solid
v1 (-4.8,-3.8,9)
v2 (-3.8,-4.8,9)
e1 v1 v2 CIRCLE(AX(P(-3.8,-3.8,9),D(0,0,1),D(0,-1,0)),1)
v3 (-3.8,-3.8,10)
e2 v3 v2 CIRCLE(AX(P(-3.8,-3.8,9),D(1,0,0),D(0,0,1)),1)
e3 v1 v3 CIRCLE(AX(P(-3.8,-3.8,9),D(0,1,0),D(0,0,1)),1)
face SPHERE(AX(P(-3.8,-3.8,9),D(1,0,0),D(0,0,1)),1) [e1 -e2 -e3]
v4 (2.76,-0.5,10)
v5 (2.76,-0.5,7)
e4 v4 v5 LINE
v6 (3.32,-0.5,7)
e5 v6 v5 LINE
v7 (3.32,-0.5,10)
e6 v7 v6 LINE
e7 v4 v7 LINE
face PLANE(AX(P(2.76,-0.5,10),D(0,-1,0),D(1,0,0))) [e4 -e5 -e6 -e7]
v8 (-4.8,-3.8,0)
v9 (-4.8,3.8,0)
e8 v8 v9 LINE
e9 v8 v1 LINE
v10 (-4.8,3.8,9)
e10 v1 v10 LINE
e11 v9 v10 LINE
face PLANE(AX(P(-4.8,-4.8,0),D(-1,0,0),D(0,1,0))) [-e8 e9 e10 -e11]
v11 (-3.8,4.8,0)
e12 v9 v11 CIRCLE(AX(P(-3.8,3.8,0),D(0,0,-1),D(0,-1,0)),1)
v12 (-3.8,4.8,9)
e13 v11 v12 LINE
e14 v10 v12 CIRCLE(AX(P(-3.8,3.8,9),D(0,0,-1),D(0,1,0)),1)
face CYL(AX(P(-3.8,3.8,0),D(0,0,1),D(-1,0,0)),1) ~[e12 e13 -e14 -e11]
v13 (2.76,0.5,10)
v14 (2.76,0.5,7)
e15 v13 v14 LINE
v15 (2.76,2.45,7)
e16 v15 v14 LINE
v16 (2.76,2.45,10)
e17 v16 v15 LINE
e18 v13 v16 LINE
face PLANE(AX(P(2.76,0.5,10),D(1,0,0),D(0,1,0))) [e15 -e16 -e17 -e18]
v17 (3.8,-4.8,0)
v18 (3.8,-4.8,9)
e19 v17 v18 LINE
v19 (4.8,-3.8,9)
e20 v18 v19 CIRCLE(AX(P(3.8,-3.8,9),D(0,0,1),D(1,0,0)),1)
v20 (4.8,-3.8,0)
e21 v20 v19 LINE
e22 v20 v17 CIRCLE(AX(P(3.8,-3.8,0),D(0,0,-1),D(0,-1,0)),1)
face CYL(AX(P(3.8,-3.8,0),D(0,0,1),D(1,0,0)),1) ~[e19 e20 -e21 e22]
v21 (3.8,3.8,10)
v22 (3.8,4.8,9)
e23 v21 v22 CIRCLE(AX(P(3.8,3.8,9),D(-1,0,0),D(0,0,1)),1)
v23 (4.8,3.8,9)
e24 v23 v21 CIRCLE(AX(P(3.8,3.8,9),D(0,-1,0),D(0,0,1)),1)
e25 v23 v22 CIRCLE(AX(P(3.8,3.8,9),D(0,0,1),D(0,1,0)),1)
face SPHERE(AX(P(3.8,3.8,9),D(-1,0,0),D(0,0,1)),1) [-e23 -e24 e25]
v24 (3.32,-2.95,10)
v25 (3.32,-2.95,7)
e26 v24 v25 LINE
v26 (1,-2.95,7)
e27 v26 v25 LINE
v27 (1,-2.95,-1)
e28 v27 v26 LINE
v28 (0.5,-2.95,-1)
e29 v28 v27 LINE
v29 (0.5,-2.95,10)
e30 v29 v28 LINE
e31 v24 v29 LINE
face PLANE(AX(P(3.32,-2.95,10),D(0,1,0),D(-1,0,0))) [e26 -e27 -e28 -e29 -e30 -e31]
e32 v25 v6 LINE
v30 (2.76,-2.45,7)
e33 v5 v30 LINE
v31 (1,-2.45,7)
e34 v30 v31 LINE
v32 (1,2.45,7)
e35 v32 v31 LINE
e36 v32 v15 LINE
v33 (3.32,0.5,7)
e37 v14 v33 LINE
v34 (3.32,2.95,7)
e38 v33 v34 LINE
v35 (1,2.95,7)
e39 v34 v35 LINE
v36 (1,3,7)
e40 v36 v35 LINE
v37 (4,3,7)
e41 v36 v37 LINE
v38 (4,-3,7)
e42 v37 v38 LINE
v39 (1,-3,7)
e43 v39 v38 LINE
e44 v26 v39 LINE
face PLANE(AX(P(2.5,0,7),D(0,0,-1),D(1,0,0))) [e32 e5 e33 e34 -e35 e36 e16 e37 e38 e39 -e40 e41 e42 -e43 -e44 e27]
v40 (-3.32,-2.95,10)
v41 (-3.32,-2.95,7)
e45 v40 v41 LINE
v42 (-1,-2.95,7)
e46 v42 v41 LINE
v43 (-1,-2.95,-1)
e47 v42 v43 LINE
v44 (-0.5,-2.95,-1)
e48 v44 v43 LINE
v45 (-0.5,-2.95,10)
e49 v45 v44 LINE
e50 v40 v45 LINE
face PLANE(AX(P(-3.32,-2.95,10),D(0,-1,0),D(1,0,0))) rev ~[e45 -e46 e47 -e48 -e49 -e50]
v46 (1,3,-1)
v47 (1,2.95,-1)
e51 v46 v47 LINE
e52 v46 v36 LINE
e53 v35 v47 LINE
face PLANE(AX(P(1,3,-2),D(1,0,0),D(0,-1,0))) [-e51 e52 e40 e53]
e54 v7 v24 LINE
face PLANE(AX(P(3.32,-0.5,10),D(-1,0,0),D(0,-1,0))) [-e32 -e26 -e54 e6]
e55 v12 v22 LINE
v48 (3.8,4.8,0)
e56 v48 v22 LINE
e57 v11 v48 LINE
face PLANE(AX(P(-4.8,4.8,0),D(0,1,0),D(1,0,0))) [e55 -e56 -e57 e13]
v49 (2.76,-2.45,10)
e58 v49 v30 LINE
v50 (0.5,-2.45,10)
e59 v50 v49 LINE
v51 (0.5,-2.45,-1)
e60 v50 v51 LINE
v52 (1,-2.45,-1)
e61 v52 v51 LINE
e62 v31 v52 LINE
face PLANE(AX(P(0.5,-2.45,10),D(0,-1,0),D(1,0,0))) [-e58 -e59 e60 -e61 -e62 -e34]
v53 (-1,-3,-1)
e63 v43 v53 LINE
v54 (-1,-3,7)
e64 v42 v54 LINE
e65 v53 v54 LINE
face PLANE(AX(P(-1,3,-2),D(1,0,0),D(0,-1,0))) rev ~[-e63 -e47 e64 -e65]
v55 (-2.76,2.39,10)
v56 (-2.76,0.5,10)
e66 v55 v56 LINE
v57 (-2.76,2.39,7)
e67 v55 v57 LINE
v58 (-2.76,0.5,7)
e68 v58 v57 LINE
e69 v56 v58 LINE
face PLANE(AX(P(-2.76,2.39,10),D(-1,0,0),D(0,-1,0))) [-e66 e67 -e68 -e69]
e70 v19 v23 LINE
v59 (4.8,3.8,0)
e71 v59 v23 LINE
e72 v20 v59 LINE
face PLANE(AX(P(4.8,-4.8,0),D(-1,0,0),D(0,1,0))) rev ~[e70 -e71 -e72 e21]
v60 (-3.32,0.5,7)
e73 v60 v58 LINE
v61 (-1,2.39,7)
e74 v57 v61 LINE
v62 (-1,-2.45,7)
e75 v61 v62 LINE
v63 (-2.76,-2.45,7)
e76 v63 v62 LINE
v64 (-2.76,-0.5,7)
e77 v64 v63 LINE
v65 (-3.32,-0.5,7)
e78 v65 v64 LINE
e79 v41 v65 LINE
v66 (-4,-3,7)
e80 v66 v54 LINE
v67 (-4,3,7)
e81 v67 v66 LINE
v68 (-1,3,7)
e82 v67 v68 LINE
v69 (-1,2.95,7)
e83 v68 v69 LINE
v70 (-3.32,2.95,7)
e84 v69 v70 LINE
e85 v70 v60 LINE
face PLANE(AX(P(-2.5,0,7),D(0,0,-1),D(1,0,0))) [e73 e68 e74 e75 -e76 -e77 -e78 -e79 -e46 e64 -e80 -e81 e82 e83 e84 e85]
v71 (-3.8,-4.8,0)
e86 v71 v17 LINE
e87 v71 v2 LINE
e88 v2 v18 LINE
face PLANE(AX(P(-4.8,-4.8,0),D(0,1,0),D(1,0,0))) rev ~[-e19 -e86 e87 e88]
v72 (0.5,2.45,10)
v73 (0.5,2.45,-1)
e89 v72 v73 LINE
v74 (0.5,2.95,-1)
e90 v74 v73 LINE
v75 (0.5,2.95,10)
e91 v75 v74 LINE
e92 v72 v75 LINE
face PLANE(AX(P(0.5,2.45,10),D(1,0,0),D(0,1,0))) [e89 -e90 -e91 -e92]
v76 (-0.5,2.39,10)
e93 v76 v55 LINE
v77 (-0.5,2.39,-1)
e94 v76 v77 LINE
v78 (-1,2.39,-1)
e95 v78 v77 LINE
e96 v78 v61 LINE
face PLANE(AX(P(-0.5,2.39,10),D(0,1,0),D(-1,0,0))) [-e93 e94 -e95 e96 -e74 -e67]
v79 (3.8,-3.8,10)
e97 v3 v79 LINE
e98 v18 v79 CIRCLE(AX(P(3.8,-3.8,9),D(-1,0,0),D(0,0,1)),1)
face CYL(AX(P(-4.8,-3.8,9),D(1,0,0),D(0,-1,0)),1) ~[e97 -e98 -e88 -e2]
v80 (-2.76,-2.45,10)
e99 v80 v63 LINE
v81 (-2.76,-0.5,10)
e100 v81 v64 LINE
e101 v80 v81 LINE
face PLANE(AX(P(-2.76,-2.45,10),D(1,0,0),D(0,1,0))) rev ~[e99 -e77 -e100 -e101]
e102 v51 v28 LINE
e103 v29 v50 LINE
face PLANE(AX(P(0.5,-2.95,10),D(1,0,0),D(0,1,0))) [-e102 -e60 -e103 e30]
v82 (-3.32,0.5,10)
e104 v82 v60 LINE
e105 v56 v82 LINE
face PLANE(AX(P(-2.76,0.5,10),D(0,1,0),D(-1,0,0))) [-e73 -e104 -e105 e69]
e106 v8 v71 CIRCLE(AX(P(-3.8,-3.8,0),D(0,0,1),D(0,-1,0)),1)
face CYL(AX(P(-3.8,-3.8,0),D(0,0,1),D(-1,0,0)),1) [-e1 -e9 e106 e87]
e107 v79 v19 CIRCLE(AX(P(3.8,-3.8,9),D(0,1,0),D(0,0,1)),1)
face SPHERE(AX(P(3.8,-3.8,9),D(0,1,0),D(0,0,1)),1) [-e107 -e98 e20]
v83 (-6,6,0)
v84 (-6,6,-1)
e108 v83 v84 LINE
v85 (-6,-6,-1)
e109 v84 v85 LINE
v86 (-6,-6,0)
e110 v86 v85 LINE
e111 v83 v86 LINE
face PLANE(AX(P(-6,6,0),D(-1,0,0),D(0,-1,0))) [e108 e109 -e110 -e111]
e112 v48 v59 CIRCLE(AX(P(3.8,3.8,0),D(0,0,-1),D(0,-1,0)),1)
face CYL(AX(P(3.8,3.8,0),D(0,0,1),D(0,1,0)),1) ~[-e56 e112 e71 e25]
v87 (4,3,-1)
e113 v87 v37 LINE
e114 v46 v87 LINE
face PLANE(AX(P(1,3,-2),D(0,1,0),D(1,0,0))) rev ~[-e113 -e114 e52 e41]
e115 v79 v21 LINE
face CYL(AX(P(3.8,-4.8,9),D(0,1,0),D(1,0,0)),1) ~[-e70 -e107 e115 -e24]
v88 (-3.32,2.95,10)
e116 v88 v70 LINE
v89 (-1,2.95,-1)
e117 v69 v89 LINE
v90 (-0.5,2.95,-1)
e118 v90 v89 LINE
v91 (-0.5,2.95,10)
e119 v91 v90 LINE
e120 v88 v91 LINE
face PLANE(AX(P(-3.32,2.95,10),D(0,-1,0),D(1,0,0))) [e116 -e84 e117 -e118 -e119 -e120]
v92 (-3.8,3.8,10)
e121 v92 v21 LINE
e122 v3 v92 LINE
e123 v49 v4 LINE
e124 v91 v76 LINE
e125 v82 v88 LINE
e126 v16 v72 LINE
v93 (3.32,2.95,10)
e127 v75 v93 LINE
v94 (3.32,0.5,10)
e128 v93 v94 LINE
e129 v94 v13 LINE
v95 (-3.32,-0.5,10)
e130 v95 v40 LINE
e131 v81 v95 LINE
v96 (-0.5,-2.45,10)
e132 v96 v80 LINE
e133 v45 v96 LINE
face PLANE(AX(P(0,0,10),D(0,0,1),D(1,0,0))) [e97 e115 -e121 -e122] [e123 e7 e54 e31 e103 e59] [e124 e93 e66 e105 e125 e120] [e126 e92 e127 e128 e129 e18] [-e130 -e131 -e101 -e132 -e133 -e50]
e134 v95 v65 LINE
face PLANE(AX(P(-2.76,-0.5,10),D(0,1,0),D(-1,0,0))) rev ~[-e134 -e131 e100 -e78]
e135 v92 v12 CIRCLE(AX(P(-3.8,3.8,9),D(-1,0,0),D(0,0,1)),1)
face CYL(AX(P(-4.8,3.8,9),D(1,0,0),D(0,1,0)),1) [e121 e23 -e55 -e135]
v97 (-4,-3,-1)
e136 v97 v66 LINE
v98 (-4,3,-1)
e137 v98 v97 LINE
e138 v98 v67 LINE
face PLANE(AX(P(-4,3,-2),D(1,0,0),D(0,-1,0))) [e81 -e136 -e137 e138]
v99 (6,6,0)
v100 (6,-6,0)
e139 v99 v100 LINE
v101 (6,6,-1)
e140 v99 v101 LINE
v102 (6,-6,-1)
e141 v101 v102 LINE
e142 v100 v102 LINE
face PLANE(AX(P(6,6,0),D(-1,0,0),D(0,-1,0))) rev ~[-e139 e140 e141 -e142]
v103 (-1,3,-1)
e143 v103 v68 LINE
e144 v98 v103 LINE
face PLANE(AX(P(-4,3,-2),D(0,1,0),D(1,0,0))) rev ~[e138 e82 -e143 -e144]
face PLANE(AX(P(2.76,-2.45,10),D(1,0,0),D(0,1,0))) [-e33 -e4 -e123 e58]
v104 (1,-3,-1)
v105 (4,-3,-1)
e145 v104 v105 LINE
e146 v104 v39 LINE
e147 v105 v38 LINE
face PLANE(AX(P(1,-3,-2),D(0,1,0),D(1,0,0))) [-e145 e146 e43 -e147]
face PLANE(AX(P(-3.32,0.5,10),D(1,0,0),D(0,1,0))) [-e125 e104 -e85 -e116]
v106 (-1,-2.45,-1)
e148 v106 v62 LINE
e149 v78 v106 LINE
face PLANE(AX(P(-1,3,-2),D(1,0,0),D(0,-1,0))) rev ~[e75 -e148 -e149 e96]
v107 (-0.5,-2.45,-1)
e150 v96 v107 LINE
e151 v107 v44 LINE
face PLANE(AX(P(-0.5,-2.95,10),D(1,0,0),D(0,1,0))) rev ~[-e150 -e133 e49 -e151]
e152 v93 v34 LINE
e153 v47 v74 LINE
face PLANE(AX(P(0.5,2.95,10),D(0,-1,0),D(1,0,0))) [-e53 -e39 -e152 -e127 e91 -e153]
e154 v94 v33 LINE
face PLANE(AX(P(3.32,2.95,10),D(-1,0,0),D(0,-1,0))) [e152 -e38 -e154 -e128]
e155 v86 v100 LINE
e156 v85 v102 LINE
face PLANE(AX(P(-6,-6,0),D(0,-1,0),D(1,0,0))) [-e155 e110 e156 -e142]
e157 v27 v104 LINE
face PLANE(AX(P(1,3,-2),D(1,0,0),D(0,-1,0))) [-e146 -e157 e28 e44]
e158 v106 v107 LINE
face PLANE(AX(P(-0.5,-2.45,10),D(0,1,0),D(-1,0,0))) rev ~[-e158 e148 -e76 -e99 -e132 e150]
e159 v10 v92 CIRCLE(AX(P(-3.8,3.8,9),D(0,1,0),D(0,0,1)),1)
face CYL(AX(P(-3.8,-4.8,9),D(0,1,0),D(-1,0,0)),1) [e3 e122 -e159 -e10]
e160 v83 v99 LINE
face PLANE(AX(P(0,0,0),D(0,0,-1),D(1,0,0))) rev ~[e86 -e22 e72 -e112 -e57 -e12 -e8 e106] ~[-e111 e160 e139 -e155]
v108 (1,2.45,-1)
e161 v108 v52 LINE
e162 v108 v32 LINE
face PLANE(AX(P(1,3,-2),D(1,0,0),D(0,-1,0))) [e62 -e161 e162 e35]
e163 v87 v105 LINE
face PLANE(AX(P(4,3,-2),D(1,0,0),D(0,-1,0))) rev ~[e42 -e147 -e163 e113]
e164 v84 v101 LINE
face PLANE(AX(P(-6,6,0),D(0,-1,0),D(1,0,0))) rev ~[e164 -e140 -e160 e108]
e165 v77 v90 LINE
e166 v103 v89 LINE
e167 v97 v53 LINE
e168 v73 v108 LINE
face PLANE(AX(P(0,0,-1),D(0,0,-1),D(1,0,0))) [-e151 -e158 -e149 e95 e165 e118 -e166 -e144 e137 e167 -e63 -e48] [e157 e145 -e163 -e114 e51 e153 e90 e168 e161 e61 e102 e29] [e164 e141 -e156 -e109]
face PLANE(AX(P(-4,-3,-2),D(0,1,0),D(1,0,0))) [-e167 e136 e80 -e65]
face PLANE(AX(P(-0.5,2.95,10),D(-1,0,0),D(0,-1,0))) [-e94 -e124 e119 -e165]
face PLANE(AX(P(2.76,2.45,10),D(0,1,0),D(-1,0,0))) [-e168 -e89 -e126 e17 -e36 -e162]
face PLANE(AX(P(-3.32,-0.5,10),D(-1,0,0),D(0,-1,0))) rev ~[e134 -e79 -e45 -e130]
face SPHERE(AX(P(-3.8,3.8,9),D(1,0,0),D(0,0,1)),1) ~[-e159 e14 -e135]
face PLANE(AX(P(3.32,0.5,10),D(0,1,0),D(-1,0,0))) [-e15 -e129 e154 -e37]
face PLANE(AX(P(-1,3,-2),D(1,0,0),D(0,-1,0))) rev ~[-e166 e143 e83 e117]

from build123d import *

# Parameters (mm, degrees)
SKETCH_W        = 9.6
SKETCH_H        = 9.6
PAD_DEPTH       = 10
SKETCH002_W     = 12
SKETCH002_H     = 12
PAD001_DEPTH    = 1
SKETCH003_W     = 3
SKETCH003_H     = 6
POCKET_DEPTH    = 9
SKETCH004_W     = 3
SKETCH004_H     = 6
POCKET001_DEPTH = 9
POCKET002_DEPTH = 11.001
POCKET003_DEPTH = 11.001
POCKET004_DEPTH = 11.001
POCKET005_DEPTH = 11.001
FILLET_R        = 1


with BuildPart() as part:
    # Sketch → Pad (new body)
    with BuildSketch(Plane.XY):
        Rectangle(SKETCH_W, SKETCH_H)
    extrude(amount=PAD_DEPTH)

    # Sketch002 → Pad001 (join)
    with BuildSketch(Plane(origin=(0, 0, 0), x_dir=(1, 0, 0), z_dir=(0, 0, -1))):
        Rectangle(SKETCH002_W, SKETCH002_H)
    extrude(amount=PAD001_DEPTH)

    # Sketch003 → Pocket (cut)
    with BuildSketch(Plane(origin=(0, 0, -2), x_dir=(1, 0, 0), z_dir=(0, 0, -1))):
        with Locations((-2.5, 0)):
            Rectangle(SKETCH003_W, SKETCH003_H)
    extrude(amount=-POCKET_DEPTH, mode=Mode.SUBTRACT)

    # Sketch004 → Pocket001 (cut)
    with BuildSketch(Plane(origin=(0, 0, -2), x_dir=(1, 0, 0), z_dir=(0, 0, -1))):
        with Locations((2.5, 0)):
            Rectangle(SKETCH004_W, SKETCH004_H)
    extrude(amount=-POCKET001_DEPTH, mode=Mode.SUBTRACT)

    # Sketch001 → Pocket002 (cut, through all)
    with BuildSketch(Plane.XY.offset(10)):
        Polygon((3.32, -0.5), (3.32, -2.95), (0.5, -2.95), (0.5, -2.45), (2.76, -2.45), (2.76, -0.5), align=None)
    extrude(amount=-POCKET002_DEPTH, mode=Mode.SUBTRACT)

    # Sketch005 → Pocket003 (cut, through all)
    with BuildSketch(Plane.XY.offset(10)):
        Polygon((-3.32, -0.5), (-3.32, -2.95), (-0.5, -2.95), (-0.5, -2.45), (-2.76, -2.45), (-2.76, -0.5), align=None)
    extrude(amount=-POCKET003_DEPTH, mode=Mode.SUBTRACT)

    # Sketch007 → Pocket004 (cut, through all)
    with BuildSketch(Plane.XY.offset(10)):
        Polygon((-2.76, 0.5), (-3.32, 0.5), (-3.32, 2.95), (-0.5, 2.95), (-0.5, 2.39), (-2.76, 2.39), align=None)
    extrude(amount=-POCKET004_DEPTH, mode=Mode.SUBTRACT)

    # Sketch006 → Pocket005 (cut, through all)
    with BuildSketch(Plane.XY.offset(10)):
        Polygon((0.5, 2.95), (3.32, 2.95), (3.32, 0.5), (2.76, 0.5), (2.76, 2.45), (0.5, 2.45), align=None)
    extrude(amount=-POCKET005_DEPTH, mode=Mode.SUBTRACT)

    # Fillet
    fillet_edges = [part.edges().sort_by_distance(p)[0] for p in [
        (0, 4.8, 10),
        (4.8, 0, 10),
        (0, -4.8, 10),
        (4.8, -4.8, 5),
        (4.8, 4.8, 5),
        (-4.8, 0, 10),
        (-4.8, -4.8, 5),
        (-4.8, 4.8, 5),
    ]]
    fillet(fillet_edges, radius=FILLET_R)


solid = part.part
